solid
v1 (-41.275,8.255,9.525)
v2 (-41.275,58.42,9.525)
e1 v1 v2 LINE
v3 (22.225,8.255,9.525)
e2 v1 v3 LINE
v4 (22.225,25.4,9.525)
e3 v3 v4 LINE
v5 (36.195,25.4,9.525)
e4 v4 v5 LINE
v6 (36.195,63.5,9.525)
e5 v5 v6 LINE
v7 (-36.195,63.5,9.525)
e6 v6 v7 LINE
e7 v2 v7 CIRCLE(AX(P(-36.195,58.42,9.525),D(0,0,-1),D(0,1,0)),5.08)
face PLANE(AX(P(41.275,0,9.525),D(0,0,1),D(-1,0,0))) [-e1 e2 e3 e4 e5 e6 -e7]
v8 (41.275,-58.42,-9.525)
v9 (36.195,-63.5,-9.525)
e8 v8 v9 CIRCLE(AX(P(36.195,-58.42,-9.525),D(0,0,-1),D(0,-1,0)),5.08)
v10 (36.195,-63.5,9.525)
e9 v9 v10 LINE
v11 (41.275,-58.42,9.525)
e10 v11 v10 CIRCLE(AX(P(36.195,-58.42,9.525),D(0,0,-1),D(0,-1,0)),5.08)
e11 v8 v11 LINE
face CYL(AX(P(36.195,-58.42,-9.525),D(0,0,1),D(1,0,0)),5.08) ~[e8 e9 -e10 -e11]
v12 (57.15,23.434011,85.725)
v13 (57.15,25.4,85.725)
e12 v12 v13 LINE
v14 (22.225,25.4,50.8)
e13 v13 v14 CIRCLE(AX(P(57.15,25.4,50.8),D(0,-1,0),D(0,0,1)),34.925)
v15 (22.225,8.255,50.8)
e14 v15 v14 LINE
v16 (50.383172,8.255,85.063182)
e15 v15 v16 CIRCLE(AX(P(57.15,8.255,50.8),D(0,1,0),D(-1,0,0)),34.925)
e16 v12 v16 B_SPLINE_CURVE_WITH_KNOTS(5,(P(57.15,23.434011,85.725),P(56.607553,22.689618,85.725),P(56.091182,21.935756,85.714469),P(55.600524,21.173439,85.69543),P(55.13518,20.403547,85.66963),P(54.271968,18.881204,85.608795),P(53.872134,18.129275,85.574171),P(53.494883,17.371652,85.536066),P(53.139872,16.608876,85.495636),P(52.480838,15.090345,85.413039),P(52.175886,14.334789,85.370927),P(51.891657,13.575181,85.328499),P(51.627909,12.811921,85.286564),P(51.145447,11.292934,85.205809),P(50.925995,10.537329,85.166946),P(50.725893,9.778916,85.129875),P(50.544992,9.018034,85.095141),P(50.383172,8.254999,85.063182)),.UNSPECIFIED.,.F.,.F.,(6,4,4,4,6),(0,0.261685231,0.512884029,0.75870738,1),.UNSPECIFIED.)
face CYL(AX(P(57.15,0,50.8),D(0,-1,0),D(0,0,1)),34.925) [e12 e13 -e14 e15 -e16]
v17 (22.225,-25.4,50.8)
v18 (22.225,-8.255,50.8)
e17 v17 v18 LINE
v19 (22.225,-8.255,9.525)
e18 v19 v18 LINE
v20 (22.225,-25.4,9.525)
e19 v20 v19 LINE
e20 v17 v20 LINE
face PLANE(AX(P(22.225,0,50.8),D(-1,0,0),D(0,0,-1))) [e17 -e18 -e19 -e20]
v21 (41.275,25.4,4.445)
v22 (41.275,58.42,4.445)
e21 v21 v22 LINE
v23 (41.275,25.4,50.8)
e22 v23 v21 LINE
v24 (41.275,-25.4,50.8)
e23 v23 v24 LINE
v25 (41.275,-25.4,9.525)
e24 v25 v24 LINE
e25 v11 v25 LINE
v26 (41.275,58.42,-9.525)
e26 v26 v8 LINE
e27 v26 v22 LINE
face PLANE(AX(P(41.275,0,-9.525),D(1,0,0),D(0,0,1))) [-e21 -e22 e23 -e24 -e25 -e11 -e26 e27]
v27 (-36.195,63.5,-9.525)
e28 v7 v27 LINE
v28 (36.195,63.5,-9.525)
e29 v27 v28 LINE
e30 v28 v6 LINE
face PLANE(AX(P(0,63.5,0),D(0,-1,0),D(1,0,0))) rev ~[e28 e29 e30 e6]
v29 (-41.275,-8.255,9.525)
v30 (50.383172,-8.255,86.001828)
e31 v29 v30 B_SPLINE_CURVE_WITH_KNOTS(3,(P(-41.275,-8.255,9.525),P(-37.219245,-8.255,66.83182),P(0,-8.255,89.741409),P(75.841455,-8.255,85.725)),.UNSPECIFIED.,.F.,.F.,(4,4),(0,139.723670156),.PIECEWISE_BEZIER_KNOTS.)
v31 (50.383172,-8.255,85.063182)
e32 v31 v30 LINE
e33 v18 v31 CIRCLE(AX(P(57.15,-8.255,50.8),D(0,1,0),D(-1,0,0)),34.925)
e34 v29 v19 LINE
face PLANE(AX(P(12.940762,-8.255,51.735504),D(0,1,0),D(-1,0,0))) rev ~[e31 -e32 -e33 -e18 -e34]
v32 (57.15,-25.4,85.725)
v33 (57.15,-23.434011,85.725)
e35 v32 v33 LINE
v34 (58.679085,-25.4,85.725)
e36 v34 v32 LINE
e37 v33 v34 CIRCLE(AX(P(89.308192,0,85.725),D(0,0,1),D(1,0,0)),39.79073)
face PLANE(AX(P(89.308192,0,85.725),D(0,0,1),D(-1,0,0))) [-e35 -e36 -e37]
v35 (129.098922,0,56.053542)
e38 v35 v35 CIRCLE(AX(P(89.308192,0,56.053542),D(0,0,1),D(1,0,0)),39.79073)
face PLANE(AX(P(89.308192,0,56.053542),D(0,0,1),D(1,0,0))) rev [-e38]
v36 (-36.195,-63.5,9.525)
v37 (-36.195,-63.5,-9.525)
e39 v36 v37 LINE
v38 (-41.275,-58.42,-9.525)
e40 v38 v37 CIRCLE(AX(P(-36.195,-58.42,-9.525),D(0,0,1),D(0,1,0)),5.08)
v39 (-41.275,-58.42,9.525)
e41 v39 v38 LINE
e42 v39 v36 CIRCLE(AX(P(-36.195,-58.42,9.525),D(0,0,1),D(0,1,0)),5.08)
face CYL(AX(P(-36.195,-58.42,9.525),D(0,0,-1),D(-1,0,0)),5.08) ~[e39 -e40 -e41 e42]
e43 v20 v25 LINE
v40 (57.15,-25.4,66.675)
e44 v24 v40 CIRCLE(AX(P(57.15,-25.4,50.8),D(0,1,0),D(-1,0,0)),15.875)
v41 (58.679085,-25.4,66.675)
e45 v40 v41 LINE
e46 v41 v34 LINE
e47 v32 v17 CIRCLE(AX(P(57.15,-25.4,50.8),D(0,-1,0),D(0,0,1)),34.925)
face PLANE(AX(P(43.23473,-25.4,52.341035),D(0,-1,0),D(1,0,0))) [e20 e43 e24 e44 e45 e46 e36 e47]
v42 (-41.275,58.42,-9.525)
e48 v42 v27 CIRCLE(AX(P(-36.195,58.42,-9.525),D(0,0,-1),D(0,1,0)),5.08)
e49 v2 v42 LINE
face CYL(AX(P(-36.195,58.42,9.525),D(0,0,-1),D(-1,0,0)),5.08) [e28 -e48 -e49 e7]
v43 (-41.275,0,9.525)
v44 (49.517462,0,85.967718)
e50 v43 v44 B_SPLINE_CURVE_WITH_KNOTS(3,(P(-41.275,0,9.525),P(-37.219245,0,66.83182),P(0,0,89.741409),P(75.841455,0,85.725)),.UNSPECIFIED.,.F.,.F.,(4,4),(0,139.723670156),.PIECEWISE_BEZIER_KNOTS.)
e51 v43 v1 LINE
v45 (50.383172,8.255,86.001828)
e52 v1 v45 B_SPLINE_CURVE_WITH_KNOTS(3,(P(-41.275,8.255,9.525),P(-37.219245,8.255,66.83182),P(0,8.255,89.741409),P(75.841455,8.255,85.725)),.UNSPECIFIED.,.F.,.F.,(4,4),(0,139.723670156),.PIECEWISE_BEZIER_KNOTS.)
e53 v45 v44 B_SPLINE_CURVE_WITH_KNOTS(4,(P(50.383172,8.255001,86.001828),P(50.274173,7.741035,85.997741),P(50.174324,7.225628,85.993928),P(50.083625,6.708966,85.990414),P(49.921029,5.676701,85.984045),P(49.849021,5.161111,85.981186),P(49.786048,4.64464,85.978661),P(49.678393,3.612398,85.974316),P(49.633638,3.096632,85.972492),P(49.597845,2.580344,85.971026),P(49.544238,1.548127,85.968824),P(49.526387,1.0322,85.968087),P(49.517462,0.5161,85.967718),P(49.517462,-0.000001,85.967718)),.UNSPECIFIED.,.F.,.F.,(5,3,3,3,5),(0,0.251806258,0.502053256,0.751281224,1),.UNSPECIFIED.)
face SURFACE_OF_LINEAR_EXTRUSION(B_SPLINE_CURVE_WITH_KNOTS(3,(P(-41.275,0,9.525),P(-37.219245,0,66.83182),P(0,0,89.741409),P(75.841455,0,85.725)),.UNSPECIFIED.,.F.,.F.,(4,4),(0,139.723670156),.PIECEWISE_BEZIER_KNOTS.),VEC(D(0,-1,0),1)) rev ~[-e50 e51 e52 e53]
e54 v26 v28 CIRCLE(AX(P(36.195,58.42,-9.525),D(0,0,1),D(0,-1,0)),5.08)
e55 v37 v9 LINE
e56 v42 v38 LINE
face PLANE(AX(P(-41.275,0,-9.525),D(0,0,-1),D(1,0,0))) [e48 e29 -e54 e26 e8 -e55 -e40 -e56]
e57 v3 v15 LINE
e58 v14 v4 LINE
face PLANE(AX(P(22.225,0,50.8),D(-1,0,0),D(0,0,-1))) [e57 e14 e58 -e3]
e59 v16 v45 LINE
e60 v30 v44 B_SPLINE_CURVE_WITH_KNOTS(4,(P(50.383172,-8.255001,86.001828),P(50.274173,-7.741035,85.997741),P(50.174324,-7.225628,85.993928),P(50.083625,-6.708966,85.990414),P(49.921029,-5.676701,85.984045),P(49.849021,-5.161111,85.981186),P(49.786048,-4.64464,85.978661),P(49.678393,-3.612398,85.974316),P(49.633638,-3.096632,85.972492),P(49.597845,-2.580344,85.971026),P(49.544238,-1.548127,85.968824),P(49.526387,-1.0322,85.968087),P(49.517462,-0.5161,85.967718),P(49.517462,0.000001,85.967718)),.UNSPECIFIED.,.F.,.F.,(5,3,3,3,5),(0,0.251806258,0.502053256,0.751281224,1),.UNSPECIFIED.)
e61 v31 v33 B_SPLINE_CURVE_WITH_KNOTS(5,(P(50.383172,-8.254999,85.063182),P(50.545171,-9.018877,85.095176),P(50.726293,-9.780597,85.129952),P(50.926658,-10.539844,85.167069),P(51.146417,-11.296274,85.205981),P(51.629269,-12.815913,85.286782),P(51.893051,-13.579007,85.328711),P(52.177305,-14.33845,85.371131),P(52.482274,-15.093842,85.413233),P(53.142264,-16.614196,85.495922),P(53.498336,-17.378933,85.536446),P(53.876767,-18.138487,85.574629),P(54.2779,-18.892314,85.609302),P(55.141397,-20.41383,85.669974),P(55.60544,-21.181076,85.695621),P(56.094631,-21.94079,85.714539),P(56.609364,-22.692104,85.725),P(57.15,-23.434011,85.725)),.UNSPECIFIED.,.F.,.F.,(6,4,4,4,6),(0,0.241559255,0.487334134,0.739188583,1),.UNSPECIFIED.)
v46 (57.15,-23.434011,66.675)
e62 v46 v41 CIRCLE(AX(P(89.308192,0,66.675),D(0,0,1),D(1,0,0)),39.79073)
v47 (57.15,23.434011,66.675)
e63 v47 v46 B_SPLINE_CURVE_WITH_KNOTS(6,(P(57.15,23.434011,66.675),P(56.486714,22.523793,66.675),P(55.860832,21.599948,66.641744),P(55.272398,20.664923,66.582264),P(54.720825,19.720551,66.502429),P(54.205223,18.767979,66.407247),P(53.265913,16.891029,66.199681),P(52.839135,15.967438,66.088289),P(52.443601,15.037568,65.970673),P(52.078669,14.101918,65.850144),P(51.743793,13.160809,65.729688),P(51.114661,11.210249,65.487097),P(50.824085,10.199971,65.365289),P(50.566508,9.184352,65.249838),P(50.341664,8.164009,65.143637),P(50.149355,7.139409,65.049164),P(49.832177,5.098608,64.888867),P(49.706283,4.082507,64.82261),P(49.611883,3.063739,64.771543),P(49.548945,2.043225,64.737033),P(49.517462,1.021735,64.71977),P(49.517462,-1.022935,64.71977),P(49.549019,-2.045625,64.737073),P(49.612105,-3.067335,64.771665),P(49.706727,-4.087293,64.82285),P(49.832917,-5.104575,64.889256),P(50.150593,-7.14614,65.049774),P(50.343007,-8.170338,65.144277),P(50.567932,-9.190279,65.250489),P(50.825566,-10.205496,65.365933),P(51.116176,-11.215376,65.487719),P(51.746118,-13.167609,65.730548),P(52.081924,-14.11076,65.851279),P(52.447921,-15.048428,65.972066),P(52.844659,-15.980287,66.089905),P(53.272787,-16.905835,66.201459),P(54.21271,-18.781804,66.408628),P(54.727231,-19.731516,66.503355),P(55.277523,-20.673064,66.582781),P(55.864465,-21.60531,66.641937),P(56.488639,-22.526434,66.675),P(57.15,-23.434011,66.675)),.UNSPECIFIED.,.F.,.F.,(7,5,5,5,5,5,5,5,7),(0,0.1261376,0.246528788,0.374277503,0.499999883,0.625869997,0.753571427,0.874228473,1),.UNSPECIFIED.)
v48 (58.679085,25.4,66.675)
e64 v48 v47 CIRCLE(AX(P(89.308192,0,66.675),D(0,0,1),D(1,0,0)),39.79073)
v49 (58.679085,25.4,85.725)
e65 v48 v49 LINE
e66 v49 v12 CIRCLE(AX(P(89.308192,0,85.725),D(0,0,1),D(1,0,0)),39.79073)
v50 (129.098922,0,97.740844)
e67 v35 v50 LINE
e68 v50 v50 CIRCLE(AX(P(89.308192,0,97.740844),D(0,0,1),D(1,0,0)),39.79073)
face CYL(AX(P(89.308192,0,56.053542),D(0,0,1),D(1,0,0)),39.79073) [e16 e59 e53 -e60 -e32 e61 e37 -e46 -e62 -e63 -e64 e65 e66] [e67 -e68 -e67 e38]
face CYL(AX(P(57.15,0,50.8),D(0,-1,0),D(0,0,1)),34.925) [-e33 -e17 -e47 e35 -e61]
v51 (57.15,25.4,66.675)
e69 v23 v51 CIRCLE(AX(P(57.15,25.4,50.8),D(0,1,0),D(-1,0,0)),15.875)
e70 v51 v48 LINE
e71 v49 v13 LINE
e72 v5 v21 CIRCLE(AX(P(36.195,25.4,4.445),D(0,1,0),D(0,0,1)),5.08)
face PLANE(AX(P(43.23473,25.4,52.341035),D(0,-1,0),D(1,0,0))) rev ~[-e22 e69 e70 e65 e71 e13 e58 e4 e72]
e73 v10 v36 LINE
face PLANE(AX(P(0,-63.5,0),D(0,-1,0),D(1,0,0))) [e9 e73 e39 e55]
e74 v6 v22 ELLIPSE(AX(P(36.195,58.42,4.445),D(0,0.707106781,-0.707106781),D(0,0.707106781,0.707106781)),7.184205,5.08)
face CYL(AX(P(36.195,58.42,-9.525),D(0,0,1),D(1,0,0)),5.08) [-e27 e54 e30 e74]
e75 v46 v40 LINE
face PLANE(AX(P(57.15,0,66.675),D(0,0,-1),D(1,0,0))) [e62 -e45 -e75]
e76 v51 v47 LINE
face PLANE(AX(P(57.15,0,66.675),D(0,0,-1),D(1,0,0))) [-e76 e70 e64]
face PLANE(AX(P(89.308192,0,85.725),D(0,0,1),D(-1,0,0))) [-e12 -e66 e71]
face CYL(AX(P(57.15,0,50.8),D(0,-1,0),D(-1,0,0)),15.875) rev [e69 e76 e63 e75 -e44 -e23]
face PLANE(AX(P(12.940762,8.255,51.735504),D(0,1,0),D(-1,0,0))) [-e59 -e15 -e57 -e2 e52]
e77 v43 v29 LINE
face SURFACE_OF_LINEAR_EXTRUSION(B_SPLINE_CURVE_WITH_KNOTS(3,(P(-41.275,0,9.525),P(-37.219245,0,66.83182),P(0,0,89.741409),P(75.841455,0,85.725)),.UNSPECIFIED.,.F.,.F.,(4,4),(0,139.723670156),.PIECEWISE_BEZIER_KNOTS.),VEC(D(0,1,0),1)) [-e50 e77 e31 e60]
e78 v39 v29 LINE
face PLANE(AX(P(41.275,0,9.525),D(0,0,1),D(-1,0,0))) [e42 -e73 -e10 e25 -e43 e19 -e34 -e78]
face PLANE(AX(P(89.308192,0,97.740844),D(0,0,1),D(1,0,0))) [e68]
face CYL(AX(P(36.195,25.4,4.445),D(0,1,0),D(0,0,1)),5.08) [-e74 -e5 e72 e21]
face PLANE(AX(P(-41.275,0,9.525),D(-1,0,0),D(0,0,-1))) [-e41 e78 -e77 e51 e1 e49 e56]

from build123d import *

# Parameters (mm, degrees)
F1_DEPTH = 63.5
F0_W     = 13.4667371243
F0_H     = 19.05
F2_DEPTH = 25.4
F3_DEPTH = 8.255
F5_R     = 5.08


with BuildPart() as f1:
    # F0 (on Front) → F1 (new body, symmetric)
    with BuildSketch(Plane.XZ):
        Polygon((-41.275, 9.525), (-41.275, -9.525), (41.275, -9.525), (41.275, 9.525), (22.225, 9.525), align=None)
    extrude(amount=F1_DEPTH, both=True)

    # F0 (on Front) → F2 (join, symmetric)
    with BuildSketch(Plane.XZ):
        with BuildLine():
            Line((22.225, 9.525), (41.275, 9.525))
            Line((41.275, 9.525), (41.275, 50.8))
            ThreePointArc((41.275, 50.8), (45.9246798487, 62.0253201513), (57.15, 66.675))
            Line((57.15, 66.675), (75.8414548727, 66.675))
            Line((75.8414548727, 66.675), (75.8414548727, 85.725))
            Line((75.8414548727, 85.725), (57.15, 85.725))
            ThreePointArc((57.15, 85.725), (32.4542956671, 75.4957043329), (22.225, 50.8))
            Line((22.225, 50.8), (22.225, 9.525))
        make_face()
        with Locations((82.5748234349, 76.2)):
            Rectangle(F0_W, F0_H)
    extrude(amount=F2_DEPTH, both=True)

    # F0 (on Front) → F3 (join, symmetric)
    with BuildSketch(Plane.XZ):
        with BuildLine():
            add(Edge.make_bspline(
                [(-41.275, 9.525), (-37.2192449868, 66.8318197131), (0, 89.7414088249), (75.8414548727, 85.725)],
                knots=[0, 0, 0, 0, 139.7236701563, 139.7236701563, 139.7236701563, 139.7236701563], degree=3))
            Line((-41.275, 9.525), (22.225, 9.525))
            Line((22.225, 9.525), (22.225, 50.8))
            ThreePointArc((22.225, 50.8), (32.4542956671, 75.4957043329), (57.15, 85.725))
            Line((57.15, 85.725), (75.8414548727, 85.725))
        make_face()
    extrude(amount=F3_DEPTH, both=True)

    # F0 (on Front) → F4 (revolve)
    with BuildSketch(Plane.XZ):
        Polygon((89.308191997, 97.7408438921), (89.308191997, 85.725), (89.308191997, 66.675), (89.308191997, 56.0535416007), (129.0989220142, 56.0535416007), (129.0989220142, 97.7408438921), align=None)
    revolve(axis=Axis((89.308191997, 0, 76.8971927464), (0, 0, 1)))

    # F5
    f5_edges = [f1.edges().sort_by_distance(p)[0] for p in [
        (41.275, 44.45, 9.525),
        (-41.275, 63.5, 0),
        (-41.275, -63.5, 0),
        (41.275, 63.5, 0),
        (41.275, -63.5, 0),
    ]]
    fillet(f5_edges, radius=F5_R)


solid = f1.part
